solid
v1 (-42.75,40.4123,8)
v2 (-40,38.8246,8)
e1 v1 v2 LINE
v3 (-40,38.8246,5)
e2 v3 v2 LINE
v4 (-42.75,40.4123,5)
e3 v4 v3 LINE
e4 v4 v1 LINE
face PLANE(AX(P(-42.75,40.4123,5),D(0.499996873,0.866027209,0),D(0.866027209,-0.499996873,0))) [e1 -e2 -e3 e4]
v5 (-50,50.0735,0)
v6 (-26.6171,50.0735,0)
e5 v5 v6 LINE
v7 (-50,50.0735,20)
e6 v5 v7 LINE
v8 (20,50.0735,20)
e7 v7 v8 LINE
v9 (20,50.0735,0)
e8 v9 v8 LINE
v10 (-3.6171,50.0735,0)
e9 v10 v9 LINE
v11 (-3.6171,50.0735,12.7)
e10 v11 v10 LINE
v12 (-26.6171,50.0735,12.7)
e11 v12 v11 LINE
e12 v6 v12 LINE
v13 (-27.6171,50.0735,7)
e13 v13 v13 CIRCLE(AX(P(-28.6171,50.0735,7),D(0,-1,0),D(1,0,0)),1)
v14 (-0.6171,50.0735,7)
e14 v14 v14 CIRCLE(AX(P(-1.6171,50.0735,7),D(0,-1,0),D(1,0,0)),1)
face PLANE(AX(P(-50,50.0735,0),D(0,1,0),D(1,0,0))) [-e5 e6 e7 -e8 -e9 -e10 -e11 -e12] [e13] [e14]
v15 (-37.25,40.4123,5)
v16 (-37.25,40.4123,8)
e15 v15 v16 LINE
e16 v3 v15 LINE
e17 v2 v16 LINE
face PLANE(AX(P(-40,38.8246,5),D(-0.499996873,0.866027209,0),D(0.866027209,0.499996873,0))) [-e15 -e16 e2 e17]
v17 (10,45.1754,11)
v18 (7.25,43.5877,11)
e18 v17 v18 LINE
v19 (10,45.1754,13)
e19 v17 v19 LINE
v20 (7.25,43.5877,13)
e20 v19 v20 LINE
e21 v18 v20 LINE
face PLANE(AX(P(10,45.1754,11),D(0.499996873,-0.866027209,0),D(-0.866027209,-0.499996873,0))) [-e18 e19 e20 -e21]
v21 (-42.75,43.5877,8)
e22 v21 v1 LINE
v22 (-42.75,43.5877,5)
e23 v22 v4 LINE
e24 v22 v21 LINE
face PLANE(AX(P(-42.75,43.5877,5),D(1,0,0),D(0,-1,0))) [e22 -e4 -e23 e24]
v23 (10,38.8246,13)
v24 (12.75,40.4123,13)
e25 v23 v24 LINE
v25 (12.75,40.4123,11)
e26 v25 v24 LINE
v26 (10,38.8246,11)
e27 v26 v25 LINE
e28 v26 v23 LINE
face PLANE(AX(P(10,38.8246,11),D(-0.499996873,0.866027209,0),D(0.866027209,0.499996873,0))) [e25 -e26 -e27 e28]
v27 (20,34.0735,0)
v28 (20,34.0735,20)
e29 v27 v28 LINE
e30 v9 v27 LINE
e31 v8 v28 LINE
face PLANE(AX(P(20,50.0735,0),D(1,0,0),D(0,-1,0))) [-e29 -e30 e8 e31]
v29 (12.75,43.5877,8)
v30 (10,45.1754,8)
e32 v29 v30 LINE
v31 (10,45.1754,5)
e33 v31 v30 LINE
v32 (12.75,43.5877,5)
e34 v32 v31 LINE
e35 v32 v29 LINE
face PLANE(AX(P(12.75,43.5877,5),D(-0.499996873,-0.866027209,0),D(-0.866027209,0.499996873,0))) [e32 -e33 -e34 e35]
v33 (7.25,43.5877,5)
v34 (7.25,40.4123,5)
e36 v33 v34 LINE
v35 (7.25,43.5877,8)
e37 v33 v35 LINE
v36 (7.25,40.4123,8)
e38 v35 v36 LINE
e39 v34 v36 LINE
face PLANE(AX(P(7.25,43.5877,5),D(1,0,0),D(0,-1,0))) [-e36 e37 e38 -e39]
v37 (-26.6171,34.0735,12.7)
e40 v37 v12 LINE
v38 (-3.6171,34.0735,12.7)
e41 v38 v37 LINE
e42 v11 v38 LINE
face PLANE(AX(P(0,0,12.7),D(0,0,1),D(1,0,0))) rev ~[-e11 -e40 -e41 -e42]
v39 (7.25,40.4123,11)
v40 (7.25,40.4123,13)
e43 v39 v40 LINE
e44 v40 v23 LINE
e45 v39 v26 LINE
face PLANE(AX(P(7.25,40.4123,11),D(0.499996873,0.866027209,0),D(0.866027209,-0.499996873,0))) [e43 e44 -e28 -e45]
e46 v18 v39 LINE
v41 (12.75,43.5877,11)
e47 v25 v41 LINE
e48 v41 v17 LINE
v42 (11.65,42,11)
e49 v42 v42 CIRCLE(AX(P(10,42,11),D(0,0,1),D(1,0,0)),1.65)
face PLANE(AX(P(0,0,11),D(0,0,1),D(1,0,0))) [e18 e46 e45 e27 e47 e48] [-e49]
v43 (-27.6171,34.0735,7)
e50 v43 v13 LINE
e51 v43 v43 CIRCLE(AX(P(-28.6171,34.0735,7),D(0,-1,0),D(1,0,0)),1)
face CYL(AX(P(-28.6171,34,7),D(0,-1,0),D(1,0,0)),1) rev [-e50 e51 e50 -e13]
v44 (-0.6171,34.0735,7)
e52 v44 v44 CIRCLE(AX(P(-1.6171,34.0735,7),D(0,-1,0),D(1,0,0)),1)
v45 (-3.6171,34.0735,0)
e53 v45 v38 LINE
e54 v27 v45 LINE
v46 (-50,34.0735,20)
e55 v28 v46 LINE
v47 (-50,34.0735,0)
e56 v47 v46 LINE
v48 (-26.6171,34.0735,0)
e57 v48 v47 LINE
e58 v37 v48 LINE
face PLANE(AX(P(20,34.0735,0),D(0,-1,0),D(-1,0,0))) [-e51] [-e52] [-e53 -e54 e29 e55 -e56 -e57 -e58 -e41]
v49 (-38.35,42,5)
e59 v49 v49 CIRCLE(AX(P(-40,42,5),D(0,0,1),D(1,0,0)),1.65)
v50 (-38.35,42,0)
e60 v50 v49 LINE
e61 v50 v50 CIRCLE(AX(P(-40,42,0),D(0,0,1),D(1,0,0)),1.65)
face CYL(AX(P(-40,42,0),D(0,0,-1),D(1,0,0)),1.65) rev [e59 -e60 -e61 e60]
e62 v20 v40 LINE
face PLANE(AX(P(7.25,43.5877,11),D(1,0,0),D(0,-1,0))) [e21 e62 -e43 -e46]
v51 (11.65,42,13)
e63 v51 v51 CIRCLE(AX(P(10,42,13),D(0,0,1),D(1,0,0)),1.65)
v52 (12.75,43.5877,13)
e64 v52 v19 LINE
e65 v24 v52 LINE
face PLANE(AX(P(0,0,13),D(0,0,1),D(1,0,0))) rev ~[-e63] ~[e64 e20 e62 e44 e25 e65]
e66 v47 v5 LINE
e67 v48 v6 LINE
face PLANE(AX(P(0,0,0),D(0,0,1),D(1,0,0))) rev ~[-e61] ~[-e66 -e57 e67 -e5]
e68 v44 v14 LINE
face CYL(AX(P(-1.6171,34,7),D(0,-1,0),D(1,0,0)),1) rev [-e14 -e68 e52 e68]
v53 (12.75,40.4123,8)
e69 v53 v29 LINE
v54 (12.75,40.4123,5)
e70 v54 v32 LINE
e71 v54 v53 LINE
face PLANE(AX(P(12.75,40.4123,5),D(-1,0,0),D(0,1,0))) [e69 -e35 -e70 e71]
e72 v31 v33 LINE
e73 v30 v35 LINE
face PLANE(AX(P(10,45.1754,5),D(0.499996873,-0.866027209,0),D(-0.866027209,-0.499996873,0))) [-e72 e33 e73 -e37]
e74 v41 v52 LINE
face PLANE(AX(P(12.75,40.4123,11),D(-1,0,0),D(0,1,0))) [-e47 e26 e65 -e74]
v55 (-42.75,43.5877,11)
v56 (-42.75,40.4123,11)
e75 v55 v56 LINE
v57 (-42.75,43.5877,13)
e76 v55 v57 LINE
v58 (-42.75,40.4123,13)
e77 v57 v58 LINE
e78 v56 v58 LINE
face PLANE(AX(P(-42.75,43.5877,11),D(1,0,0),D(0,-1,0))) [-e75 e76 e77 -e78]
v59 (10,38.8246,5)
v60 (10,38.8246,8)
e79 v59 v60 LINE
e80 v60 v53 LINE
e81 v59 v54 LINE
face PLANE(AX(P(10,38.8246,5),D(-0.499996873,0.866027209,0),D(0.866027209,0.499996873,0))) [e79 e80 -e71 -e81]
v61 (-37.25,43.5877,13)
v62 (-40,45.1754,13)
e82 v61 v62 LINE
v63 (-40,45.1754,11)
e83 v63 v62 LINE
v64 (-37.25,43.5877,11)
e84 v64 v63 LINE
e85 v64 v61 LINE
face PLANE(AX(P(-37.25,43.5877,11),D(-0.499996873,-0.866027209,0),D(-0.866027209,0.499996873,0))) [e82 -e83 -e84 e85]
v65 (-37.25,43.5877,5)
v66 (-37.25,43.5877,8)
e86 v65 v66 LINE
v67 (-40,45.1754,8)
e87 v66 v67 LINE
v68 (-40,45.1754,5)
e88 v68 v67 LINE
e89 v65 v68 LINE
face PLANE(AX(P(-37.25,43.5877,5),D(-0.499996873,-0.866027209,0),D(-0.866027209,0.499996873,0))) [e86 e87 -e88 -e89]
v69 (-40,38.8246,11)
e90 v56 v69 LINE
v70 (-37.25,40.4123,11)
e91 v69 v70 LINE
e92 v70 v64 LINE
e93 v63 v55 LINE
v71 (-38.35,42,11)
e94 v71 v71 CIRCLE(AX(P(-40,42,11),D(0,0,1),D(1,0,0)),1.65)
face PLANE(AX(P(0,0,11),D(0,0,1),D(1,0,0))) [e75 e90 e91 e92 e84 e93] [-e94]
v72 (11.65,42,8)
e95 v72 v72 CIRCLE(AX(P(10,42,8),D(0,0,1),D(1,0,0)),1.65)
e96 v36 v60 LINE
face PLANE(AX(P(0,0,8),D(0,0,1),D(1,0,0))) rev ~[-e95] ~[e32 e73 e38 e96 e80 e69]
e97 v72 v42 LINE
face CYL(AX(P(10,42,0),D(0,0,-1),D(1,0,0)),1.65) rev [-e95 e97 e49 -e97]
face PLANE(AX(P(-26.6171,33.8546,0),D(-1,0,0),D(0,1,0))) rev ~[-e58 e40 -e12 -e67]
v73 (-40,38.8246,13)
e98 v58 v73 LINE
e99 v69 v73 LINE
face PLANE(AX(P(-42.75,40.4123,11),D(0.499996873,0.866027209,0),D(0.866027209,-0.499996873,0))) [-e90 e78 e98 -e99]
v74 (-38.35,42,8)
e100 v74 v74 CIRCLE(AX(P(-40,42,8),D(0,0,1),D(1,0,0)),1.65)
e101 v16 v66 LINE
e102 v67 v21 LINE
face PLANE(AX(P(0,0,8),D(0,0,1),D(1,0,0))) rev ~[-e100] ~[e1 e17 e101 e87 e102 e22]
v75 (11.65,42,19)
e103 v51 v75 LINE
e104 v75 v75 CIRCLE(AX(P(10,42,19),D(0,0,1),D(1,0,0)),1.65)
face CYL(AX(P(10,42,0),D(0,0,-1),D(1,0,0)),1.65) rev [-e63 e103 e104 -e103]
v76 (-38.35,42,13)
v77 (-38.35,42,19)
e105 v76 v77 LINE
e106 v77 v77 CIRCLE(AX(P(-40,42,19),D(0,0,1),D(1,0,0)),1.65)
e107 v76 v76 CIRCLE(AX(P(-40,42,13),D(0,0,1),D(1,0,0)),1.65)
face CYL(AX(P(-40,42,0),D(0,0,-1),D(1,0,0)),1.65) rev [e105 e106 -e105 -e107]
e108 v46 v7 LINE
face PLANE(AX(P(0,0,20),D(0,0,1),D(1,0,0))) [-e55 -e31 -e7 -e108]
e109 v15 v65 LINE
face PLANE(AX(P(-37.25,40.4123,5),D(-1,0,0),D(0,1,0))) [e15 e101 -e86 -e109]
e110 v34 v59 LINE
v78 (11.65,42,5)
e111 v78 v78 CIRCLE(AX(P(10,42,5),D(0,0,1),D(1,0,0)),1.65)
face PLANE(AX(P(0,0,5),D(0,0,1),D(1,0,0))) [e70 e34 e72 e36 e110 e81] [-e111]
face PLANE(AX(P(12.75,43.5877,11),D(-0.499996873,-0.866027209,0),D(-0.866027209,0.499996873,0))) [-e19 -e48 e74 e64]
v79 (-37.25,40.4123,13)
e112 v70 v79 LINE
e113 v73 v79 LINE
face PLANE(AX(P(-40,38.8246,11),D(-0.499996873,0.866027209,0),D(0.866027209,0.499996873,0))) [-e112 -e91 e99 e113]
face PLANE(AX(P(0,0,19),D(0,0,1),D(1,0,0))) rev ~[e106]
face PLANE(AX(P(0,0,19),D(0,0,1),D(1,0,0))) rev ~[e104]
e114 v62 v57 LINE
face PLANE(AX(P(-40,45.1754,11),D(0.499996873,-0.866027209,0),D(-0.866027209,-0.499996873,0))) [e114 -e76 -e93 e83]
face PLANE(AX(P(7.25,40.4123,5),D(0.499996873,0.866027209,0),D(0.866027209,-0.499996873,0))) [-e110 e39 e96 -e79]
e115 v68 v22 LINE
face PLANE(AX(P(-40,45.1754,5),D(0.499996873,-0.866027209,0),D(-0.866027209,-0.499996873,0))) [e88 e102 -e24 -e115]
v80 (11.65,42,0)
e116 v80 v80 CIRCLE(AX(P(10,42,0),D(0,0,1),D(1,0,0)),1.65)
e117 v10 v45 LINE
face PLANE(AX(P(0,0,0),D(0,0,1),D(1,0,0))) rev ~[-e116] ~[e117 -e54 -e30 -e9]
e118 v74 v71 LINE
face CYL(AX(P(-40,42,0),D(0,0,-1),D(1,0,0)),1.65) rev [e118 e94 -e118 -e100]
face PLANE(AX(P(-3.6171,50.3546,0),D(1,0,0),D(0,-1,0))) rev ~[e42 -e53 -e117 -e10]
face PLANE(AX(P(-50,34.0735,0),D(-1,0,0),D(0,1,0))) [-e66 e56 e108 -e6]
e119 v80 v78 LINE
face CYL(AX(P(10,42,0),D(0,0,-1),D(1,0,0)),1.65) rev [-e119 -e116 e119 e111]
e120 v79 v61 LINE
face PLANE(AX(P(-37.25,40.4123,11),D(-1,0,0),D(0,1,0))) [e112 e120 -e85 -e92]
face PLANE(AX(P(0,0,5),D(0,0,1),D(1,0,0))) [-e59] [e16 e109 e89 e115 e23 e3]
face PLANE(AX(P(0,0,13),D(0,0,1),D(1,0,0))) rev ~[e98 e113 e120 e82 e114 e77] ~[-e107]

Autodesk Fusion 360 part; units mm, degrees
sketch "Esquisse1" plane through (0, 0, 0) normal (0, 0, 1) x (1, 0, 0)
  line L0 (-50, 50.0735) -> (20, 50.0735)
  line L1 (20, 50.0735) -> (20, 34.0735)
  line L2 (20, 34.0735) -> (-50, 34.0735)
  line L3 (-50, 34.0735) -> (-50, 50.0735)
  circle A0 centre (-40, 42) radius 1.65
  circle A1 centre (10, 42) radius 1.65
  line L4 (7.25, 40.4123) -> (10, 38.8246)
  line L5 (10, 38.8246) -> (12.75, 40.4123)
  line L6 (12.75, 40.4123) -> (12.75, 43.5877)
  line L7 (12.75, 43.5877) -> (10, 45.1754)
  line L8 (10, 45.1754) -> (7.25, 43.5877)
  line L9 (7.25, 43.5877) -> (7.25, 40.4123)
  line L10 (-42.75, 40.4123) -> (-40, 38.8246)
  line L11 (-40, 38.8246) -> (-37.25, 40.4123)
  line L12 (-37.25, 40.4123) -> (-37.25, 43.5877)
  line L13 (-37.25, 43.5877) -> (-40, 45.1754)
  line L14 (-40, 45.1754) -> (-42.75, 43.5877)
  line L15 (-42.75, 43.5877) -> (-42.75, 40.4123)
  point P0 (10, 42)
  point P1 (-40, 42)
  dimension "d2" = 16
  dimension "d3" = 70
  dimension "d5" = 3.3
  dimension "d6" = 3.3
  dimension "d7" = 10
  dimension "d8" = 10
  dimension "d23" = 2.75
  dimension "d24" = 2.75
  dimension "d37" = 50
extrude "Extrusion1" add sketch "Esquisse1" along normal blind 20 contours L0 L1 L2 L3 | A0 | A1 | L4 L5 L6 L7 L8 L9 | L10 L11 L12 L13 L14 L15
extrude "Extrusion7" cut sketch "Esquisse1" along normal blind 19 and the other way blind 0 contours A0 | A1
extrude "Extrusion6" cut sketch "Esquisse1" along normal blind 13 and the other way blind -11 contours L4 L5 L6 L7 L8 L9 | L10 L11 L12 L13 L14 L15
sketch "Esquisse2" plane through (0, 0, 0) normal (0, 0, 1) x (1, 0, 0)
  line L0 (-26.6171, 50.3546) -> (-3.6171, 50.3546)
  line L1 (-3.6171, 50.3546) -> (-3.6171, 33.8546)
  line L2 (-3.6171, 33.8546) -> (-26.6171, 33.8546)
  line L3 (-26.6171, 33.8546) -> (-26.6171, 50.3546)
  dimension "d11" = 23
  dimension "d12" = 16.5
extrude "Extrusion2" cut sketch "Esquisse2" along normal blind 12.7
sketch "Esquisse3" plane through (0, 0, 0) normal (0, 1, 0) x (1, 0, 0)
  circle A0 centre (-28.6171, -7) radius 1
  circle A1 centre (-1.6171, -7) radius 1
  line L0 (-26.6171, 0) -> (-26.6171, -12.7)
  line L1 (-3.6171, -12.7) -> (-3.6171, 0)
  dimension "d15" = 2
  dimension "d16" = 2
  dimension "d17" = 2
  dimension "d18" = 2
extrude "Extrusion3" cut sketch "Esquisse3" along normal blind 51 and the other way blind -34
extrude "Extrusion4" cut sketch "Esquisse1" along normal blind 8 and the other way blind -5 contours L10 L11 L12 L13 L14 L15
extrude "Extrusion5" cut sketch "Esquisse1" along normal blind 8 and the other way blind -5 contours L4 L5 L6 L7 L8 L9
equation "d6 = d5"
equation "d16 = d15"
